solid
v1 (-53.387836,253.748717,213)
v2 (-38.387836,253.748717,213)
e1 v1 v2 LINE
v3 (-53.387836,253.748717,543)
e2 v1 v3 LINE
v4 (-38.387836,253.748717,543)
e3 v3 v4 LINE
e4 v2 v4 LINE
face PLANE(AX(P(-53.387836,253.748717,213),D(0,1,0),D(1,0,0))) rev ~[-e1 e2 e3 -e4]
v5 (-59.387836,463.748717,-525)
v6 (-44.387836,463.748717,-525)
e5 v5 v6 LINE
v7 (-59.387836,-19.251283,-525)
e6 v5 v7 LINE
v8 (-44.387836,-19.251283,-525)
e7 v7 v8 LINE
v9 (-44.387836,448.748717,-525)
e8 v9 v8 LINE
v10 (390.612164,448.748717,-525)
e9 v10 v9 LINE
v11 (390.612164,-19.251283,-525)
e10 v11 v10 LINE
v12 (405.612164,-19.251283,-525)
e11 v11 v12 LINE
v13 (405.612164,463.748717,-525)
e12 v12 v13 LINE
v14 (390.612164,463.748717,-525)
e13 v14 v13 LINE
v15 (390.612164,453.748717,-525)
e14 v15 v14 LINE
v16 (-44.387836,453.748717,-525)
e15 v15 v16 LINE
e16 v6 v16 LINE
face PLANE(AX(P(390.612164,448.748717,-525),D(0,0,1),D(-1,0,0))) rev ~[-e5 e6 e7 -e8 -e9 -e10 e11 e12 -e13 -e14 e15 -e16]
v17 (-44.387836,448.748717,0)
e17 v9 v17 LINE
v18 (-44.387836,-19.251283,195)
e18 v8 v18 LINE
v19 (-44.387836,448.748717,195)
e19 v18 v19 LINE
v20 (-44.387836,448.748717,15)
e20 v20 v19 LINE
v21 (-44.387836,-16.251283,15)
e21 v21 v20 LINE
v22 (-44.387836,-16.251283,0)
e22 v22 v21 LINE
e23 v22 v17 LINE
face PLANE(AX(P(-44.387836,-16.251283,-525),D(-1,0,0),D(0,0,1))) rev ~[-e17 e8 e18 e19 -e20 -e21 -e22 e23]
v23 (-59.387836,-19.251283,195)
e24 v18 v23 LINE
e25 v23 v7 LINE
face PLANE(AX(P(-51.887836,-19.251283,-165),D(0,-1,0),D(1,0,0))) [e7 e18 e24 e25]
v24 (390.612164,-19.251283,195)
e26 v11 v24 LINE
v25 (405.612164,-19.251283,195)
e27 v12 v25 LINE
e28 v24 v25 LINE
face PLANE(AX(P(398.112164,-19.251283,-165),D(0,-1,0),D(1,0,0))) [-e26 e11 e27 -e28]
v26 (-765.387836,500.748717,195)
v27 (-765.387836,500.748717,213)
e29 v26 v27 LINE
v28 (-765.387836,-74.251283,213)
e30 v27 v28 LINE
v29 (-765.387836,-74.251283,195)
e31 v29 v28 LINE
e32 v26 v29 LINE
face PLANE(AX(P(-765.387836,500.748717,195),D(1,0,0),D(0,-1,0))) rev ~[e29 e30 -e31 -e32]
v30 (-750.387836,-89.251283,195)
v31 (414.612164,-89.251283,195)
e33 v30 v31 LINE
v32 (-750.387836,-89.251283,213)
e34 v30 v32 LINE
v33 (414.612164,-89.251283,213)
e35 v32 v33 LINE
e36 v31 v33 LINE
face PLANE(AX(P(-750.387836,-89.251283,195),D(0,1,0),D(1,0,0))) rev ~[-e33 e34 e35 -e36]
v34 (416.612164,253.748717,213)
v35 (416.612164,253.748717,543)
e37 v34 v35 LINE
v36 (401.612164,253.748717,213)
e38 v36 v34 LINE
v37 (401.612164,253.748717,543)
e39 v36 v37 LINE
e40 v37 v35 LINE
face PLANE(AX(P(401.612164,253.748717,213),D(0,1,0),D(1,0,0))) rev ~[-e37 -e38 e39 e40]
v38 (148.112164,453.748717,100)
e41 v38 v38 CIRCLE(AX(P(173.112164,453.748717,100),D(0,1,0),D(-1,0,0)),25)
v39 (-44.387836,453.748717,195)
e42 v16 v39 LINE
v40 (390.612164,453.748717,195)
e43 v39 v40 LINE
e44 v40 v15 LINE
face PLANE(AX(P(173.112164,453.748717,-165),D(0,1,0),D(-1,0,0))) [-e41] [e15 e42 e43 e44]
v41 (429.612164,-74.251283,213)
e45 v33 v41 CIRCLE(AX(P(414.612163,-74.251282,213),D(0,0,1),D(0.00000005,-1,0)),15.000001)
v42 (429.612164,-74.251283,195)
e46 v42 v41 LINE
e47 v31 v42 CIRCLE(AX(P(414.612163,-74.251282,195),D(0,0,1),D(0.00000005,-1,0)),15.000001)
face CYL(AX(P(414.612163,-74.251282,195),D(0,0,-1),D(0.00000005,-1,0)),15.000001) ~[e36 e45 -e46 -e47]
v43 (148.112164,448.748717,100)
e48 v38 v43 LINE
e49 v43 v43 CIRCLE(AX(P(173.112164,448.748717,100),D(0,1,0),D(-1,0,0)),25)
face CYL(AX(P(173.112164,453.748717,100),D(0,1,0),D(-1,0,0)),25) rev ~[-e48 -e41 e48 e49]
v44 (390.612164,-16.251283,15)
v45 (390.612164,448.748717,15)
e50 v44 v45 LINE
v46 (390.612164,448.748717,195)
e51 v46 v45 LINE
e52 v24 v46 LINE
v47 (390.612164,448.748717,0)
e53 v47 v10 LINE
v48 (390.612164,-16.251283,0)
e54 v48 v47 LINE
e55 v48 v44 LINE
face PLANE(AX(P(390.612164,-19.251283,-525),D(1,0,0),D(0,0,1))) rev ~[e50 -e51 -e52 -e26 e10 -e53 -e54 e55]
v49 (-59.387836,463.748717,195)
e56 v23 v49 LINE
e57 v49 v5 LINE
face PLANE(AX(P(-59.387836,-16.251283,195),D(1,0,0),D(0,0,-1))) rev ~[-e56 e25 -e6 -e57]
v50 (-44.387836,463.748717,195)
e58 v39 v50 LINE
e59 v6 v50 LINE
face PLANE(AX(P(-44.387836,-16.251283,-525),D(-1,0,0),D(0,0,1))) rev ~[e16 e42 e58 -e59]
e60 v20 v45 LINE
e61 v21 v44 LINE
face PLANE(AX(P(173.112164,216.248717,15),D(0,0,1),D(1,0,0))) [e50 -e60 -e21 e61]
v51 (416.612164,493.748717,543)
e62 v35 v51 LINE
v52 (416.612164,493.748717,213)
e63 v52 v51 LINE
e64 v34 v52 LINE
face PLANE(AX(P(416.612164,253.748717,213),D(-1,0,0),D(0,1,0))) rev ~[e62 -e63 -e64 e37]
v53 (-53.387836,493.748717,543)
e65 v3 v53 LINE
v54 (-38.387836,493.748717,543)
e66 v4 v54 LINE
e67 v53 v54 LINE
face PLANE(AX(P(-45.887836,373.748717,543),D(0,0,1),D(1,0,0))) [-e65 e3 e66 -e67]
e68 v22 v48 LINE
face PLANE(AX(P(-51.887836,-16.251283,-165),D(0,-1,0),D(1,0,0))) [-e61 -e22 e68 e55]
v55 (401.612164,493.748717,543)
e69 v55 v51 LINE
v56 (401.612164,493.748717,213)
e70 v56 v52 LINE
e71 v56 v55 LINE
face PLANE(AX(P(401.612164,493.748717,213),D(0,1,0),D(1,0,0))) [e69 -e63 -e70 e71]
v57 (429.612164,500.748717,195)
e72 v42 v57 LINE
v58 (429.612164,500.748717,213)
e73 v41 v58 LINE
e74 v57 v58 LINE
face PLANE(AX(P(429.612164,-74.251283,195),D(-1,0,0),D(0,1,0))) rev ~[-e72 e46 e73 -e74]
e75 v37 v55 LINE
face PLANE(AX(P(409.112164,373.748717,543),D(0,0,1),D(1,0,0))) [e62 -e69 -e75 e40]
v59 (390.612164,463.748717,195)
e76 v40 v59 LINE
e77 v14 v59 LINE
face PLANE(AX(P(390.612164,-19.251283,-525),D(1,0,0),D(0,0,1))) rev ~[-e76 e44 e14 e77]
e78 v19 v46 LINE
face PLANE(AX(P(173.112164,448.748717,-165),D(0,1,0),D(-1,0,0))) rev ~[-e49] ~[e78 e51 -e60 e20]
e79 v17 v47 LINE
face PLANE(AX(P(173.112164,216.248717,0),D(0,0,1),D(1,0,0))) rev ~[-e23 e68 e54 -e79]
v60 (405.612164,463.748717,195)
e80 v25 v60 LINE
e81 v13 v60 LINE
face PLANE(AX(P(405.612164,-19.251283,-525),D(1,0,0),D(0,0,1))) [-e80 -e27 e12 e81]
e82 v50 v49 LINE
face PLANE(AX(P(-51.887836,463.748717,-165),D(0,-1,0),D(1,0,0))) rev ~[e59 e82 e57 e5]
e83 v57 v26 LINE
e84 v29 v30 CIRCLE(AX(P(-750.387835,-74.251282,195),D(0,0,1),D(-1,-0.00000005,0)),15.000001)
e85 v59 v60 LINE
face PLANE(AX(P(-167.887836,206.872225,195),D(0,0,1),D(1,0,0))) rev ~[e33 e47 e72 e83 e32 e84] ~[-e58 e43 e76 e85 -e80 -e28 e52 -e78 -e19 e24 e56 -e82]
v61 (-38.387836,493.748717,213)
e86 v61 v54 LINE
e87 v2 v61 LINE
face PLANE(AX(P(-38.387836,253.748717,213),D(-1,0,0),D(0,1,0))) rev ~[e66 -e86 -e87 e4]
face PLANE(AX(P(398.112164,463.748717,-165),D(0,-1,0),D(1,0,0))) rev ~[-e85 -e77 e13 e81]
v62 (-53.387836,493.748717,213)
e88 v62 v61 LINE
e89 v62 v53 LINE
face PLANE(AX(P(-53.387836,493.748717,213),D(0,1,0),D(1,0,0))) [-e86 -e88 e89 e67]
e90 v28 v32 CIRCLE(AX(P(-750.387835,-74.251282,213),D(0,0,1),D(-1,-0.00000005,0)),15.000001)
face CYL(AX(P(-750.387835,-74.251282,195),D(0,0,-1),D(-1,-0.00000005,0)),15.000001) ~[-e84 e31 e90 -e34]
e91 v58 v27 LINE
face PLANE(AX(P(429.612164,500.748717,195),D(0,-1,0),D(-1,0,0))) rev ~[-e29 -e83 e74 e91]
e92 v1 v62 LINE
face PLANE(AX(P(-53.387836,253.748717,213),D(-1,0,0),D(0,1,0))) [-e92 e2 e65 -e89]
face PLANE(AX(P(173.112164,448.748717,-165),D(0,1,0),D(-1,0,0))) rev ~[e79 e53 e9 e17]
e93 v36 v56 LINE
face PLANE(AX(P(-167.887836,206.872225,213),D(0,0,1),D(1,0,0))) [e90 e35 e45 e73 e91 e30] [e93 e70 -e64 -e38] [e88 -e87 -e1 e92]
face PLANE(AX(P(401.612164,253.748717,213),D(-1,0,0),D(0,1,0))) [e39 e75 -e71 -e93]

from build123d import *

# Parameters (mm, degrees)
F0_W      = 435
F0_H      = 465
F1_DEPTH  = 15
F3_DEPTH  = 480
F4_DEPTH  = 3
F5_W      = 15
F5_H      = 720
F6_DEPTH  = 483
F8_DEPTH  = 5
F9_R      = 25
F10_DEPTH = 5
F12_DEPTH = 18
F13_W     = 15
F13_H     = 240
F14_DEPTH = 330
F15_W     = 15
F15_H     = 240
F16_DEPTH = 330


with BuildPart() as f1:
    # F0 (on Top) → F1 (new body)
    with BuildSketch(Plane.XY):
        with Locations((173.112164, 216.248717)):
            Rectangle(F0_W, F0_H)
    extrude(amount=F1_DEPTH)

    # F2 (on face) → F3 (join)
    with BuildSketch(Plane.XZ.offset(16.251283)):
        Polygon((-59.387836, 195), (-59.387836, 0), (-59.387836, -525), (-44.387836, -525), (-44.387836, 195), align=None)
    extrude(amount=-F3_DEPTH)

    # F2 (on face) → F4 (join)
    with BuildSketch(Plane.XZ.offset(16.251283)):
        Polygon((-59.387836, 195), (-59.387836, 0), (-59.387836, -525), (-44.387836, -525), (-44.387836, 195), align=None)
    extrude(amount=F4_DEPTH)

    # F5 (on face) → F6 (join)
    with BuildSketch(Plane.XZ.offset(19.251283)):
        with Locations((398.112164, -165)):
            Rectangle(F5_W, F5_H)
    extrude(amount=-F6_DEPTH)

    # F7 (on face) → F8 (join)
    with BuildSketch(Plane(origin=(0, 448.748717, 0), x_dir=(-1, 0, 0), z_dir=(0, 1, 0))):
        Polygon((-390.612164, 195), (-390.612164, 15), (-390.612164, -525), (44.387836, -525), (44.387836, 195), align=None)
    extrude(amount=F8_DEPTH)

    # F9 (on face) → F10 (cut)
    with BuildSketch(Plane(origin=(0, 453.748717, 0), x_dir=(-1, 0, 0), z_dir=(0, 1, 0))):
        with Locations((-173.112164, 100)):
            Circle(F9_R)
    extrude(amount=-F10_DEPTH, mode=Mode.SUBTRACT)

    # F11 (on face) → F12 (join)
    with BuildSketch(Plane.XY.offset(195)):
        with BuildLine():
            Line((-750.387836, -89.251283), (414.612164, -89.251283))
            ThreePointArc((414.612164, -89.251283), (425.218766, -84.857884), (429.612164, -74.251283))
            Line((429.612164, -74.251283), (429.612164, 500.748717))
            Line((429.612164, 500.748717), (-765.387836, 500.748717))
            Line((-765.387836, 500.748717), (-765.387836, -74.251283))
            ThreePointArc((-765.387836, -74.251283), (-760.994438, -84.857884), (-750.387836, -89.251283))
        make_face()
    extrude(amount=F12_DEPTH)

    # F13 (on face) → F14 (join)
    with BuildSketch(Plane.XY.offset(213)):
        with Locations((409.112164, 373.748717)):
            Rectangle(F13_W, F13_H)
    extrude(amount=F14_DEPTH)

    # F15 (on face) → F16 (join)
    with BuildSketch(Plane.XY.offset(213)):
        with Locations((-45.887836, 373.748717)):
            Rectangle(F15_W, F15_H)
    extrude(amount=F16_DEPTH)


solid = f1.part
